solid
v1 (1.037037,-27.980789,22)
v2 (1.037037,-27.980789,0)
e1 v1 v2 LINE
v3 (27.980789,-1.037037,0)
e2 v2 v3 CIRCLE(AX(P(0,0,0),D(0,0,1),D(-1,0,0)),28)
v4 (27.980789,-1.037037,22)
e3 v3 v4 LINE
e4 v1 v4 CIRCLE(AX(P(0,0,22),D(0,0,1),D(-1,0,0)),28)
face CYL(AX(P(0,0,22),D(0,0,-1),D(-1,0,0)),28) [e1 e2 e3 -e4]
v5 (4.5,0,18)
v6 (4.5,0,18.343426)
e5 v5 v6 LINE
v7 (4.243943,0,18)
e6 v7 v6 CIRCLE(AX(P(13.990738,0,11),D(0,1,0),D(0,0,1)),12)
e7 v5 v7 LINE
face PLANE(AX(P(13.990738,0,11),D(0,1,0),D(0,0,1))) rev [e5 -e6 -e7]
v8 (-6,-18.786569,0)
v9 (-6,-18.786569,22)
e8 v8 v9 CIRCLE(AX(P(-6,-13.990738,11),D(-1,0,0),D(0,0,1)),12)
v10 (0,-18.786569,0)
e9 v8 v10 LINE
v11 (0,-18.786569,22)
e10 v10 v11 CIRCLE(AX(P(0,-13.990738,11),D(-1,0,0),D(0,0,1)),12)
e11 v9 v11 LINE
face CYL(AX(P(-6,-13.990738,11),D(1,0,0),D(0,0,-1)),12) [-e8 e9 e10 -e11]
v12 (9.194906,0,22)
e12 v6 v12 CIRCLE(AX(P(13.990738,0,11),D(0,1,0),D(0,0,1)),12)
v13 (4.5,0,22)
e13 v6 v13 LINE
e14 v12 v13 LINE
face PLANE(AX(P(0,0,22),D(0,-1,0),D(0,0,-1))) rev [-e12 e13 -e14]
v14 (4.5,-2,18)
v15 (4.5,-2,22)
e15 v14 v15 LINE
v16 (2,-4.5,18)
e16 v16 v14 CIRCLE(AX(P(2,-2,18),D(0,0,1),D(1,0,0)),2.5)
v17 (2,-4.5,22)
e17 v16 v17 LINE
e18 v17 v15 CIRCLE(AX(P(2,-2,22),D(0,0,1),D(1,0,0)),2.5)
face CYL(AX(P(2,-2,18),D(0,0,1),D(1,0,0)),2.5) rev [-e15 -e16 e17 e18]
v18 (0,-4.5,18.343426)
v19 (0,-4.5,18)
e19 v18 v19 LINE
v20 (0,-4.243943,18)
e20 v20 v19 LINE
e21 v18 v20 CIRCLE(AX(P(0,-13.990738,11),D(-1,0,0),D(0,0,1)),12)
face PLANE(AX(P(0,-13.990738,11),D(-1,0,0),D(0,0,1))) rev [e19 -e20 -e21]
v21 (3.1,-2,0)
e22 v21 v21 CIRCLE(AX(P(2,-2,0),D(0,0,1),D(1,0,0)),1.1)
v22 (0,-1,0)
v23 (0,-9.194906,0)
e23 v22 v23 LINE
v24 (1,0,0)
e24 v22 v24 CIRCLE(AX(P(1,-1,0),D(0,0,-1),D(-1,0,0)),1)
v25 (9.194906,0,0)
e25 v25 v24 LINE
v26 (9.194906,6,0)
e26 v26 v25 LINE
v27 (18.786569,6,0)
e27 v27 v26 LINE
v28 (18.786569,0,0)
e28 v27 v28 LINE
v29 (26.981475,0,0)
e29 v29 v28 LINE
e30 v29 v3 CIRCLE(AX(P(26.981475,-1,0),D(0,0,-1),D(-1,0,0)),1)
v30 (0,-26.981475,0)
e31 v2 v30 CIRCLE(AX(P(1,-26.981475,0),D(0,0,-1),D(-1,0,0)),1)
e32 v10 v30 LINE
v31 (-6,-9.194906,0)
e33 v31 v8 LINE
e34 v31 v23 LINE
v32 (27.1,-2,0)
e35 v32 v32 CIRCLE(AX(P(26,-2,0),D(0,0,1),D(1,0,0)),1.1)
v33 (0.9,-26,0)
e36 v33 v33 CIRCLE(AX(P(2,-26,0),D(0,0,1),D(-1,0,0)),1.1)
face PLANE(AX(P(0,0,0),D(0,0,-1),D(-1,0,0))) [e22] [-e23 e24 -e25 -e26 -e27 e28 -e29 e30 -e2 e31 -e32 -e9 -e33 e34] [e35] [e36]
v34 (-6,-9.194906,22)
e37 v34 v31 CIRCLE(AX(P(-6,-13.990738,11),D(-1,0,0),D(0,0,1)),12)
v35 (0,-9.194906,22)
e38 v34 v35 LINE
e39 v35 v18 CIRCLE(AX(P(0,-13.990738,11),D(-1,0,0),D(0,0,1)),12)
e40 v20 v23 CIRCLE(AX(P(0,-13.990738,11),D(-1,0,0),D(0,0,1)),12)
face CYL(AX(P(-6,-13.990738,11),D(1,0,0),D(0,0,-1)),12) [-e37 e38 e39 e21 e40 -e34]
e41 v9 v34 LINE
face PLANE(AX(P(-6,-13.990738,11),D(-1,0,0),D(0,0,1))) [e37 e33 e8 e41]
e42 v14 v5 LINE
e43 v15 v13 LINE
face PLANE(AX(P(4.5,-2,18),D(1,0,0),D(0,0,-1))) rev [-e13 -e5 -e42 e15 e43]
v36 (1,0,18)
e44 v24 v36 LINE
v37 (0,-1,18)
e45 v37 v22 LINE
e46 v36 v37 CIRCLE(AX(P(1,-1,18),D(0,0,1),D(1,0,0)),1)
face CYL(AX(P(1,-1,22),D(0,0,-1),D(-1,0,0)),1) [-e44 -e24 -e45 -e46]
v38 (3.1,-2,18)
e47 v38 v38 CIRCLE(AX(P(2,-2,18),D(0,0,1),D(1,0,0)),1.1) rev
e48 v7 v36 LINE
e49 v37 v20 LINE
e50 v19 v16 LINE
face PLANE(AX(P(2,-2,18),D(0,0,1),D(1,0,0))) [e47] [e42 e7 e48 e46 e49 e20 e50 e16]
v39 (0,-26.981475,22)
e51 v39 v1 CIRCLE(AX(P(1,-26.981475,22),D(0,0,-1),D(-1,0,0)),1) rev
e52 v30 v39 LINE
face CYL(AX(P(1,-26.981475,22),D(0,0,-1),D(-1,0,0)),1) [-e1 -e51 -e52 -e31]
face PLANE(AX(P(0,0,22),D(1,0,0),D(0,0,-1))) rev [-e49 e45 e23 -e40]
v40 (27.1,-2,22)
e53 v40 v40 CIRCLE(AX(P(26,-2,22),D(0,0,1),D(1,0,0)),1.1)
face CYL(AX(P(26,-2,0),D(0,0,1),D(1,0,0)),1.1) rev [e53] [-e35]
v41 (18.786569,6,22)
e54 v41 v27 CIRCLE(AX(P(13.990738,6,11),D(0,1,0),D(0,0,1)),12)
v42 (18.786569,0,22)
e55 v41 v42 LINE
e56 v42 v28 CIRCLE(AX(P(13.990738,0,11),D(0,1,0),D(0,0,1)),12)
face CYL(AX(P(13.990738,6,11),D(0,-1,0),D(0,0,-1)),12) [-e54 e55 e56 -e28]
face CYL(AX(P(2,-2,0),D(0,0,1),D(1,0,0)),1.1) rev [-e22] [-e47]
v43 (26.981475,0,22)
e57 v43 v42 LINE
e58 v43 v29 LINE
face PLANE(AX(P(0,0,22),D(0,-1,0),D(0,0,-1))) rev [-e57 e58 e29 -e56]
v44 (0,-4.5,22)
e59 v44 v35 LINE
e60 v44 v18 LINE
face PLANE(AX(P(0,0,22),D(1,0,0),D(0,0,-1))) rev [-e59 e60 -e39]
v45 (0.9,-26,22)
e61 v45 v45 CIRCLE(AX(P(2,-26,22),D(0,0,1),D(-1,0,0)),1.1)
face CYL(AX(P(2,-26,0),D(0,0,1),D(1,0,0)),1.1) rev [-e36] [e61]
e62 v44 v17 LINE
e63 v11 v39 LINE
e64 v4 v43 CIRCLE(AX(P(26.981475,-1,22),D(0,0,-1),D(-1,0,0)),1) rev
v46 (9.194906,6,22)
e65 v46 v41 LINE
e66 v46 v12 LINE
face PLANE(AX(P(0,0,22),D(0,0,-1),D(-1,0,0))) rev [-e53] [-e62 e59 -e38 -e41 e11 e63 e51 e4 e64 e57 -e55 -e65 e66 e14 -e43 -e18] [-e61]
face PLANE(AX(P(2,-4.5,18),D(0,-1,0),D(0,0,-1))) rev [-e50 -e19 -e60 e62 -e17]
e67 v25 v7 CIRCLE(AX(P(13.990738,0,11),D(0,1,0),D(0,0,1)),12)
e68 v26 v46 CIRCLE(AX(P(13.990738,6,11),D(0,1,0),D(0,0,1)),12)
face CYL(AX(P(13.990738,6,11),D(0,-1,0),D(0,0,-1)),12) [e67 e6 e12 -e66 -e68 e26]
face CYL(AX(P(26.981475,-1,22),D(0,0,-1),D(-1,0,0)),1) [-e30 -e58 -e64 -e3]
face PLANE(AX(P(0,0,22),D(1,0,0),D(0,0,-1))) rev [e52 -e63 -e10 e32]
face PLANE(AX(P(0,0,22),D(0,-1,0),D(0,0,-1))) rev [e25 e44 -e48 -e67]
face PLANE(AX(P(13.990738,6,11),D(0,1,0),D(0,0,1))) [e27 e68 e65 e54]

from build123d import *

# Parameters (mm, degrees)
EXTRUDE_1_DEPTH     = 22
SKETCH_2_R          = 1.1
CUT_EXTRUDE_1_DEPTH = 22
CUT_EXTRUDE_2_DEPTH = 4
FILLET_2_R          = 1
EXTRUDE_2_DEPTH     = 6
EXTRUDE_3_DEPTH     = 6


with BuildPart() as part:
    # 草图1 → 凸台-拉伸1 (new body)
    with BuildSketch(Plane.XY):
        with BuildLine():
            Line((0, 0), (28, 0))
            ThreePointArc((28, 0), (19.798989873, -19.798989873), (0, -28))
            Line((0, -28), (0, 0))
        make_face()
    extrude(amount=EXTRUDE_1_DEPTH)

    # 草图2 → 切除-拉伸1 (cut)
    with BuildSketch(Plane.XY.offset(22)):
        with Locations((2, -2)):
            Circle(SKETCH_2_R)
        with Locations((26, -2)):
            Circle(SKETCH_2_R)
        with Locations(Location((2, -26, 0), (0, 0, 180))):
            Circle(SKETCH_2_R)
    extrude(amount=-CUT_EXTRUDE_1_DEPTH, mode=Mode.SUBTRACT)

    # 草图4 → 切除-拉伸2 (cut)
    with BuildSketch(Plane.XY.offset(22)):
        with BuildLine():
            Line((4.5, -2), (4.5, 0.5))
            Line((4.5, 0.5), (-2.867094288, 0.5))
            Line((-2.867094288, 0.5), (-2.867094288, -4.5))
            Line((-2.867094288, -4.5), (2, -4.5))
            ThreePointArc((2, -4.5), (3.767766953, -3.767766953), (4.5, -2))
        make_face()
    extrude(amount=-CUT_EXTRUDE_2_DEPTH, mode=Mode.SUBTRACT)

    # 圆角2
    fillet_2_edges = [part.edges().sort_by_distance(p)[0] for p in [
        (0, 0, 9),
        (28, 0, 11),
        (0, -28, 11),
    ]]
    fillet(fillet_2_edges, radius=FILLET_2_R)

    # 草图5 → 凸台-拉伸2 (add)
    with BuildSketch(Plane.ZY):
        with BuildLine():
            Line((0, -9.19490604), (0, -18.786569087))
            ThreePointArc((0, -18.786569087), (11, -25.990737563), (22, -18.786569087))
            Line((22, -18.786569087), (22, -9.19490604))
            ThreePointArc((22, -9.19490604), (11, -1.990737563), (0, -9.19490604))
        make_face()
    extrude(amount=EXTRUDE_2_DEPTH)

    # 草图6 → 凸台-拉伸3 (add)
    with BuildSketch(Plane(origin=(0, 0, 0), x_dir=(1, 0, 0), z_dir=(0, 1, 0))):
        with BuildLine():
            Line((9.19490604, 0), (18.786569087, 0))
            ThreePointArc((18.786569087, 0), (25.990737563, -11), (18.786569087, -22))
            Line((18.786569087, -22), (9.19490604, -22))
            ThreePointArc((9.19490604, -22), (1.990737563, -11), (9.19490604, 0))
        make_face()
    extrude(amount=EXTRUDE_3_DEPTH)


solid = part.part
